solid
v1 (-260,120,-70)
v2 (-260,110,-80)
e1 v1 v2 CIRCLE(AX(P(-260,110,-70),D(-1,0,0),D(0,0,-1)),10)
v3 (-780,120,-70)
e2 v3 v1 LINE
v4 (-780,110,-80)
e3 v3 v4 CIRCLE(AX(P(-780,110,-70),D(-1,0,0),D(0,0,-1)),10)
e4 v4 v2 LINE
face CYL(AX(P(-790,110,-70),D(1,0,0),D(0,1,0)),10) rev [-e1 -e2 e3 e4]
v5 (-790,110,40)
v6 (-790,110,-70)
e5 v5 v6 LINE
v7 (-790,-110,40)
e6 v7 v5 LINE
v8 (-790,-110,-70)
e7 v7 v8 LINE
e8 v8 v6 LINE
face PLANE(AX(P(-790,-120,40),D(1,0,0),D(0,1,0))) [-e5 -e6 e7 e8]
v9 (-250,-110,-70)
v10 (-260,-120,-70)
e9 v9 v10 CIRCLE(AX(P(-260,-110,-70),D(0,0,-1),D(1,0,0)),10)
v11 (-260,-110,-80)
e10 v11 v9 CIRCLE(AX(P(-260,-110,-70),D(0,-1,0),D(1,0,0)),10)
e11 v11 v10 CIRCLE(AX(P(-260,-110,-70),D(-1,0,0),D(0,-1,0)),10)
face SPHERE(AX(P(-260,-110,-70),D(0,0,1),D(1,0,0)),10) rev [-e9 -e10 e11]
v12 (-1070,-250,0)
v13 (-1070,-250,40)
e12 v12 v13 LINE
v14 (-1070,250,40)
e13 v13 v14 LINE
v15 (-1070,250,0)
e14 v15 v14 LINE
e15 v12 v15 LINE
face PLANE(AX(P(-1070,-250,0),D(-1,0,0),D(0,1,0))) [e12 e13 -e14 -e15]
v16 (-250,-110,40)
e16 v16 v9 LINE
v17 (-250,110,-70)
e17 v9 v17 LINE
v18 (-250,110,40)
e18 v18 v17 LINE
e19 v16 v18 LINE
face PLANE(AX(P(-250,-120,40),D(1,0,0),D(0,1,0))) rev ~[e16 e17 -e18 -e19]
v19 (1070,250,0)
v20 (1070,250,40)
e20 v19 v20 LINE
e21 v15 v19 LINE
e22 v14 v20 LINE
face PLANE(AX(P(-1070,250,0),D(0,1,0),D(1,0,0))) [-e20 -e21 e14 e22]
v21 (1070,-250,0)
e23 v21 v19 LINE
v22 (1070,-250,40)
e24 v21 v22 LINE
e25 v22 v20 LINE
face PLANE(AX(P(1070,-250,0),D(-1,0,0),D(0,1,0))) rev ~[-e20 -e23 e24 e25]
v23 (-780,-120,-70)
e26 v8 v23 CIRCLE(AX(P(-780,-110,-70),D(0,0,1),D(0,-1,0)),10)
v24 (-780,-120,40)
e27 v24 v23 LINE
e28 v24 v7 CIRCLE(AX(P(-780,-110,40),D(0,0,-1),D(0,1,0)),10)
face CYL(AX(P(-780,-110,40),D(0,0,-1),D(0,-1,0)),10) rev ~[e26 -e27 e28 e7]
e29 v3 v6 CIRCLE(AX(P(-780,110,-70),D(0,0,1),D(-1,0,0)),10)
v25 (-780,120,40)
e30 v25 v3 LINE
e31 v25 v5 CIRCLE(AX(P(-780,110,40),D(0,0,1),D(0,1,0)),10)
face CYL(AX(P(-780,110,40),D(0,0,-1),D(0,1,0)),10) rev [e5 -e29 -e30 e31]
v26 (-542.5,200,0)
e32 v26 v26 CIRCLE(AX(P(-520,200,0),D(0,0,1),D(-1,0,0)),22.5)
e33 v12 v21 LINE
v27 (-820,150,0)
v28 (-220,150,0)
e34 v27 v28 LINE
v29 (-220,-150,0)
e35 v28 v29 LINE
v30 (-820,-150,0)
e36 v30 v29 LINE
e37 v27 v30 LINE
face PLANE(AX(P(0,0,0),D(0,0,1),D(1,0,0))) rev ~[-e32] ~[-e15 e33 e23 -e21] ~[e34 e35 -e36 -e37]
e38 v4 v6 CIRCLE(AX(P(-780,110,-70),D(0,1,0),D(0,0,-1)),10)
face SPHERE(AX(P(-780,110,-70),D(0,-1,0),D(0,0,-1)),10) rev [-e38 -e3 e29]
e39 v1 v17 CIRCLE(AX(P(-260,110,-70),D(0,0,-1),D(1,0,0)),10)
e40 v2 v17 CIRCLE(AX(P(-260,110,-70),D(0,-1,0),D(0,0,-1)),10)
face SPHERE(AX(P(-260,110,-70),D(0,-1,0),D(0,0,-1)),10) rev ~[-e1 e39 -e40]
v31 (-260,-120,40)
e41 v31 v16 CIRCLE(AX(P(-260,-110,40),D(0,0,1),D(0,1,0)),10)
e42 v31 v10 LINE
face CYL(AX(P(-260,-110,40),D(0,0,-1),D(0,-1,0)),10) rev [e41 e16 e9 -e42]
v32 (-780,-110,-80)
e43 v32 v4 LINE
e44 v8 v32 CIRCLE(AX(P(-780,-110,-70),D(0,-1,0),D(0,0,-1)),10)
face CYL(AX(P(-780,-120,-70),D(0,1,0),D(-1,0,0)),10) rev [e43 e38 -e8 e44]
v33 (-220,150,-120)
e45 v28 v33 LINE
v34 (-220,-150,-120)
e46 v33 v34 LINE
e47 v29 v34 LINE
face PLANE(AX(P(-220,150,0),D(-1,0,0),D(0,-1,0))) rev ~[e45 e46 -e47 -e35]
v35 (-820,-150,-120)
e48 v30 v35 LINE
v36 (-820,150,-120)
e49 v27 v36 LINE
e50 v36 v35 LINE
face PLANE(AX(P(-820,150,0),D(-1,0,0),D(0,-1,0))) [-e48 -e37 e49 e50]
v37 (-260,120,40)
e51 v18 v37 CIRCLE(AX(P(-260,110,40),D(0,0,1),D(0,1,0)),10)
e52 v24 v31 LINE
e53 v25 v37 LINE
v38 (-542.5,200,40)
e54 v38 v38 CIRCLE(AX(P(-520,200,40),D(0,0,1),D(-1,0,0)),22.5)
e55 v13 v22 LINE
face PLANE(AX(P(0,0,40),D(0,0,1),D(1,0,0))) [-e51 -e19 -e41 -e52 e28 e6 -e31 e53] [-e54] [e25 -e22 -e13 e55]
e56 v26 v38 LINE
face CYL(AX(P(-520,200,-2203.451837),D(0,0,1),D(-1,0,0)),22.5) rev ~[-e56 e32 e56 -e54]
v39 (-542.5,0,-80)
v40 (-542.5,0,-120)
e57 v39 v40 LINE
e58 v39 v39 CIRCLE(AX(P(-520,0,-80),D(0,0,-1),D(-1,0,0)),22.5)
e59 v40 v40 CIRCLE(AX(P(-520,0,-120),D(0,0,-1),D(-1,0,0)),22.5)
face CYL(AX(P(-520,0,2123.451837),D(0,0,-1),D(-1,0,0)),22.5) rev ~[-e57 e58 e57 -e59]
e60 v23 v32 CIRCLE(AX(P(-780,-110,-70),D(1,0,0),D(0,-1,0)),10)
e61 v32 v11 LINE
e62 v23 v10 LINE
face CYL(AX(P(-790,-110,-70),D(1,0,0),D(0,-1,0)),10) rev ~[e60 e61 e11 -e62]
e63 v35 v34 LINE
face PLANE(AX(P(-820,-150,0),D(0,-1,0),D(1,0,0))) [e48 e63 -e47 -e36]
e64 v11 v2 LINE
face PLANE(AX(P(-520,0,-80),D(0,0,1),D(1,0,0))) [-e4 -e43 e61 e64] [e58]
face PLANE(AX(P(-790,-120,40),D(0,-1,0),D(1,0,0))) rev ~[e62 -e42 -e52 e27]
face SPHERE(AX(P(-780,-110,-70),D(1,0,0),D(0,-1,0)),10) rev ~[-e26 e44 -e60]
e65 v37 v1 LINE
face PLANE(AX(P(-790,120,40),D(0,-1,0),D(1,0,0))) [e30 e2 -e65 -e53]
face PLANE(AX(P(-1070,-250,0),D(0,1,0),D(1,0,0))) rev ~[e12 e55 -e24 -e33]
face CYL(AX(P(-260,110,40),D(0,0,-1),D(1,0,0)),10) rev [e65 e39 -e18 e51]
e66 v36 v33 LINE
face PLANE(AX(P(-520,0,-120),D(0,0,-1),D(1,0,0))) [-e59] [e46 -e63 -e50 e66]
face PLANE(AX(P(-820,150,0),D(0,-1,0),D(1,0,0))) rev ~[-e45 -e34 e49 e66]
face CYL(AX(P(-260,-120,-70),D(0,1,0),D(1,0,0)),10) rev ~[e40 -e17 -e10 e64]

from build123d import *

# Parameters (mm, degrees)
F0_W     = 2140
F0_H     = 500
F1_DEPTH = 40
F2_W     = 600
F2_H     = 300
F3_DEPTH = 120
F5_D     = 45
F6_W     = 540
F6_H     = 240
F7_DEPTH = 120
F8_R     = 10
F10_D    = 45


with BuildPart() as f1:
    # F0 (on Top) → F1 (new body)
    with BuildSketch(Plane.XY):
        Rectangle(F0_W, F0_H)
    extrude(amount=F1_DEPTH)

    # F2 (on face) → F3 (join)
    with BuildSketch(Plane(origin=(0, 0, 0), x_dir=(1, 0, 0), z_dir=(0, 0, -1))):
        with Locations((-520, 0)):
            Rectangle(F2_W, F2_H)
    extrude(amount=F3_DEPTH)

    # F5 (through all)
    with Locations(Plane(origin=(0, 0, 0), x_dir=(1, 0, 0), z_dir=(0, 0, -1))):
        with Locations((-520, -200)):
            Hole(F5_D / 2)

    # F6 (on face) → F7 (cut)
    with BuildSketch(Plane.XY.offset(40)):
        with Locations((-520, 0)):
            Rectangle(F6_W, F6_H)
    extrude(amount=-F7_DEPTH, mode=Mode.SUBTRACT)

    # F8
    f8_edges = [f1.edges().sort_by_distance(p)[0] for p in [
        (-250, -120, -20),
        (-250, 0, -80),
        (-520, -120, -80),
        (-790, -120, -20),
        (-790, 0, -80),
        (-520, 120, -80),
        (-250, 120, -20),
        (-790, 120, -20),
    ]]
    fillet(f8_edges, radius=F8_R)

    # F10 (through all)
    with Locations(Plane.XY.offset(-80)):
        with Locations((-520, 0)):
            Hole(F10_D / 2)


solid = f1.part
